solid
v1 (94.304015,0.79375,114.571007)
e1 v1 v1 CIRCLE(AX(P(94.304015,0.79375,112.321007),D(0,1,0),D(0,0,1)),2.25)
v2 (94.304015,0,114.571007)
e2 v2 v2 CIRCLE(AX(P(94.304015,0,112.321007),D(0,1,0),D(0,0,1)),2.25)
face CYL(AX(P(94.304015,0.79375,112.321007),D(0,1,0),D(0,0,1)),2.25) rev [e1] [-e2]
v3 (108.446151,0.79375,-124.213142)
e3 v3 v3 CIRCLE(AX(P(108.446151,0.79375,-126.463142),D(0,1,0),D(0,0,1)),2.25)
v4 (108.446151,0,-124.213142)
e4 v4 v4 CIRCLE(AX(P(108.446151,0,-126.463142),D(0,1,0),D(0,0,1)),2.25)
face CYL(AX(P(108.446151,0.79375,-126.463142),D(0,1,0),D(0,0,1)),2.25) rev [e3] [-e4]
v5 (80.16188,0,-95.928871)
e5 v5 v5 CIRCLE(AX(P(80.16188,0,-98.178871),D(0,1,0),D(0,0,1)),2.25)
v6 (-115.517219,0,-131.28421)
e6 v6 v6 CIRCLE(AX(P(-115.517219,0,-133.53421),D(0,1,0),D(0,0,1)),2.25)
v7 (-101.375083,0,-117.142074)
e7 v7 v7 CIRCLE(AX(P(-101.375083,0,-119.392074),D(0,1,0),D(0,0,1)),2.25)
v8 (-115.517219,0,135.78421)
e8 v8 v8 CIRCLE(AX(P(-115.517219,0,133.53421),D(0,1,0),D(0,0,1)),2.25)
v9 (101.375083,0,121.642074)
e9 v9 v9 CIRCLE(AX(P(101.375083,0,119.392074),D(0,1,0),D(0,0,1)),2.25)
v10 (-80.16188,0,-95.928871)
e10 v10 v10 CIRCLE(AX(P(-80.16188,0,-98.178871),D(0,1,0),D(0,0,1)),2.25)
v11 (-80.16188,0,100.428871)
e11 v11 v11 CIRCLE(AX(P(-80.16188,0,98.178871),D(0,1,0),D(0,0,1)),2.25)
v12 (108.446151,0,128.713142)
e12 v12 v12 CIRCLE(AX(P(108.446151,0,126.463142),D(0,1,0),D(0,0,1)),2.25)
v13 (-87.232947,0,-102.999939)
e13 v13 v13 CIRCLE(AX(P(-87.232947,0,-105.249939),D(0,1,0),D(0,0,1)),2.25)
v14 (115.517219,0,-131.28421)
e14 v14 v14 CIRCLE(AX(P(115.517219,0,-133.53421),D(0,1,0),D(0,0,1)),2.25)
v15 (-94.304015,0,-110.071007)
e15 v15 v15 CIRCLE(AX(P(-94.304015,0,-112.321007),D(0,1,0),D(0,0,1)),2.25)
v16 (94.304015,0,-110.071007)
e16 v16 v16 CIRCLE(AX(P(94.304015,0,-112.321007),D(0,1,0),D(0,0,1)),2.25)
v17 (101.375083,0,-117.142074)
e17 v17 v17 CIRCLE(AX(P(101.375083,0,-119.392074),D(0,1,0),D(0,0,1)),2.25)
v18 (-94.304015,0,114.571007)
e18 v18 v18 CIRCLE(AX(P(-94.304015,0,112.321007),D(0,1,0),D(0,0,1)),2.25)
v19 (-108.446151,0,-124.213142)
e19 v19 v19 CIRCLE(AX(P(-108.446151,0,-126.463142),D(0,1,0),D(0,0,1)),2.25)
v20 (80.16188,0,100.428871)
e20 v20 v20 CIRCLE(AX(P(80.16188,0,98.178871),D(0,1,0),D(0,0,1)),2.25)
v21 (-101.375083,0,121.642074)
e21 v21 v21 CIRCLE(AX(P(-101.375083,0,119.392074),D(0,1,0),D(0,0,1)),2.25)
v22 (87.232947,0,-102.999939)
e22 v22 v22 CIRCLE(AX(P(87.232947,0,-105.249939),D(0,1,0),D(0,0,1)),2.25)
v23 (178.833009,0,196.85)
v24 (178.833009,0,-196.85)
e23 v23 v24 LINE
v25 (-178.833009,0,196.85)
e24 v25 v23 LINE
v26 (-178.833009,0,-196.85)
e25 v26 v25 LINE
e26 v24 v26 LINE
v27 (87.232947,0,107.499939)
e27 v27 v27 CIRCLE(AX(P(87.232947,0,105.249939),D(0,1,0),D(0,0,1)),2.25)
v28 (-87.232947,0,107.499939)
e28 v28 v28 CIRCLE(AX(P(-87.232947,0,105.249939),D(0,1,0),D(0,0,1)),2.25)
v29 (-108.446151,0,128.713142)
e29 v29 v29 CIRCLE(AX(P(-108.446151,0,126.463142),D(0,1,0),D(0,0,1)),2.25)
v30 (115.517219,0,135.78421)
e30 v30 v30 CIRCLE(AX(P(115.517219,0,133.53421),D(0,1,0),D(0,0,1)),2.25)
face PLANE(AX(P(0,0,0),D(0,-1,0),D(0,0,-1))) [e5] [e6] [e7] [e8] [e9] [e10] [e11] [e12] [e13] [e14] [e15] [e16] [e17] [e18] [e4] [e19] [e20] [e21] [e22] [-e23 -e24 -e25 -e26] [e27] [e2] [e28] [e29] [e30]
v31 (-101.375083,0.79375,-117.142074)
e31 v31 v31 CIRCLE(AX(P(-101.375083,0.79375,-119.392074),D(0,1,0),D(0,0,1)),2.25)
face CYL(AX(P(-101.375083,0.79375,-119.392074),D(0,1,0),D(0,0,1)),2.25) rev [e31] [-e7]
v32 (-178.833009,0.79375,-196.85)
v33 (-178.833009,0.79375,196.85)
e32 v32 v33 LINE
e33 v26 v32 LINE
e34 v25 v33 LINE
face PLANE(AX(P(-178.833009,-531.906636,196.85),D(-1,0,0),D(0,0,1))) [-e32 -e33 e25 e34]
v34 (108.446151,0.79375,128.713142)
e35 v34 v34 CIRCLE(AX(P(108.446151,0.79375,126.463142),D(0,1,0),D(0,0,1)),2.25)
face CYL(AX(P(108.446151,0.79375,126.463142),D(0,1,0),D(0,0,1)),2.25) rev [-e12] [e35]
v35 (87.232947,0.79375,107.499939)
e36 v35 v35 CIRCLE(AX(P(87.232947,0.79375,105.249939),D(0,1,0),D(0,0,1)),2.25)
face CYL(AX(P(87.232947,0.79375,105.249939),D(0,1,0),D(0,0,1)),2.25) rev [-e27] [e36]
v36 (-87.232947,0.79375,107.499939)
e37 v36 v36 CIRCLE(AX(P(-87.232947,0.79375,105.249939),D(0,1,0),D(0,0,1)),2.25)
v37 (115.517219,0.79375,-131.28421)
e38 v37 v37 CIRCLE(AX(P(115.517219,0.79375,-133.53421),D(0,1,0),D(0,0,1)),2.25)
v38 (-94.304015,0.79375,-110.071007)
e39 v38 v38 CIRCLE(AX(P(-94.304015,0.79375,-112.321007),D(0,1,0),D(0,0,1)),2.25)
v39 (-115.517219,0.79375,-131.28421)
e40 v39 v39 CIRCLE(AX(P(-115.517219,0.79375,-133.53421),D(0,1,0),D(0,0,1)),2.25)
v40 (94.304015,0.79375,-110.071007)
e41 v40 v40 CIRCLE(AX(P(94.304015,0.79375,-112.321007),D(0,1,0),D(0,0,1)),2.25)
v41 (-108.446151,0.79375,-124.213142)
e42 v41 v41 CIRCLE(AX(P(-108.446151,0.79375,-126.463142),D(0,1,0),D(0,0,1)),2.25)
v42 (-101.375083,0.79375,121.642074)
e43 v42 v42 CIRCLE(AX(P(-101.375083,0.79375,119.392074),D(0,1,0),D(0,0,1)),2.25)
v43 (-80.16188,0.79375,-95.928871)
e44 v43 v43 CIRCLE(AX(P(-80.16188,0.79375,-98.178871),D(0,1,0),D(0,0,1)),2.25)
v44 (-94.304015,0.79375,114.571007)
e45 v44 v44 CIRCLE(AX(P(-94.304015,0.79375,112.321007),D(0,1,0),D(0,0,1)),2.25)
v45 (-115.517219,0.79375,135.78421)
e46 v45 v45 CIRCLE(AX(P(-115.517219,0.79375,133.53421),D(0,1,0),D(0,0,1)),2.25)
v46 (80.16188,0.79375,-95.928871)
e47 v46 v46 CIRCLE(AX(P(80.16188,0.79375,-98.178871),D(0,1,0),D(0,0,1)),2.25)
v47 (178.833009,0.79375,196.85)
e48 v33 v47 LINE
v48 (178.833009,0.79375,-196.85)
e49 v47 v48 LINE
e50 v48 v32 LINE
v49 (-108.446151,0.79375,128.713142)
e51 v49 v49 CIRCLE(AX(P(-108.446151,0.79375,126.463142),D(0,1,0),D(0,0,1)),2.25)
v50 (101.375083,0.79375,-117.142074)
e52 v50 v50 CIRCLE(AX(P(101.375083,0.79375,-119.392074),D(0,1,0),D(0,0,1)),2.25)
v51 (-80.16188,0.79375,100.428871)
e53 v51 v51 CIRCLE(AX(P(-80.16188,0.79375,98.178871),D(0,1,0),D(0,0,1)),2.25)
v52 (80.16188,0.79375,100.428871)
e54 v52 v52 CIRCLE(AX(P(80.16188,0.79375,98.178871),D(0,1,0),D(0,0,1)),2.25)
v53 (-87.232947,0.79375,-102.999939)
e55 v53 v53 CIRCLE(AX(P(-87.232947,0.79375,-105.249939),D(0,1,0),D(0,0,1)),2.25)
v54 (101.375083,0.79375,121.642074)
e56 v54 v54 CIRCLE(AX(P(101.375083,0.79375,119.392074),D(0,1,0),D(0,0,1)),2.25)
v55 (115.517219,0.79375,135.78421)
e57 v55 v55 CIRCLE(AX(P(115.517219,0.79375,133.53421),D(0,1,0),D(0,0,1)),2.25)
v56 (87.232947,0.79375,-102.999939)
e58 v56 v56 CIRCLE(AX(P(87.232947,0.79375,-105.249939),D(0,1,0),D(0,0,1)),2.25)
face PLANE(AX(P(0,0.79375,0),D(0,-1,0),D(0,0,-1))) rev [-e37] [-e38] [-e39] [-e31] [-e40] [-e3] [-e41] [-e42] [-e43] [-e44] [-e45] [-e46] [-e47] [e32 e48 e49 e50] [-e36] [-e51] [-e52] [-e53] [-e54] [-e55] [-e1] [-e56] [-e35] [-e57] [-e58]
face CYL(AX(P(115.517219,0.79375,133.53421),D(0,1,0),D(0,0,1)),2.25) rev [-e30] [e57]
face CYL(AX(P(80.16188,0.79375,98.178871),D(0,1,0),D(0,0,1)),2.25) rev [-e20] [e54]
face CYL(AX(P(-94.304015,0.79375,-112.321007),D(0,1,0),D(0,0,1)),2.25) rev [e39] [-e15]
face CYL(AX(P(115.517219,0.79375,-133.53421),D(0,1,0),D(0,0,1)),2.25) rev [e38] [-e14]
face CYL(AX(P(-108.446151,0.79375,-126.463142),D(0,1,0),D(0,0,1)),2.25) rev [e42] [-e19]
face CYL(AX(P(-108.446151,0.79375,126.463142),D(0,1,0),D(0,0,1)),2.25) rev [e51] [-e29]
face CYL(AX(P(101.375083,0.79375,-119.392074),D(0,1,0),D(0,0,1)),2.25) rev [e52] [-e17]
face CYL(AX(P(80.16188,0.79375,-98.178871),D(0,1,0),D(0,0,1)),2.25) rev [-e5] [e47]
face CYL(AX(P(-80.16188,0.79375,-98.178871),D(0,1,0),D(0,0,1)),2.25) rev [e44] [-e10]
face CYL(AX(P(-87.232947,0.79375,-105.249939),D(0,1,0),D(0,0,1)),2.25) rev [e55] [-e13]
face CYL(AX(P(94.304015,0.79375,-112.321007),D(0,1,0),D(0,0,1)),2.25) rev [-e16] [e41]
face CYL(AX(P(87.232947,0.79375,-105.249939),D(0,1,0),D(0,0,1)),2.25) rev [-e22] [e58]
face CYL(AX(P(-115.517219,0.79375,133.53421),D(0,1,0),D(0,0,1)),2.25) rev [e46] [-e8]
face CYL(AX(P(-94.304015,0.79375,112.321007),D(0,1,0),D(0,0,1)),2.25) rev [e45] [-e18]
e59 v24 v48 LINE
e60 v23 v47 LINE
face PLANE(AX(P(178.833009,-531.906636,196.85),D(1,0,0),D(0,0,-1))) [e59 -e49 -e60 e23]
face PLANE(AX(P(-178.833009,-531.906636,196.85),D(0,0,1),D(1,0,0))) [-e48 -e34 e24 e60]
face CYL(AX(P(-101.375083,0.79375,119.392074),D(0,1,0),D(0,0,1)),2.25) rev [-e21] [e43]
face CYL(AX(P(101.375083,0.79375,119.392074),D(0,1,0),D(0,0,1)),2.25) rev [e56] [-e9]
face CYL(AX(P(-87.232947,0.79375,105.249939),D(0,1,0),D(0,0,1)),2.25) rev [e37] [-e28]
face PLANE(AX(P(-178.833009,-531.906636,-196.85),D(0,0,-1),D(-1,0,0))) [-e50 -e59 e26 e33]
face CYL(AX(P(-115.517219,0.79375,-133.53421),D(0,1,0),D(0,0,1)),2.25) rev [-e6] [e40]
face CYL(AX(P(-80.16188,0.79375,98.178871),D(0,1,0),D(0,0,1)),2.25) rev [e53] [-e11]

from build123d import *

# Parameters (mm, degrees)
SHEET_DEPTH              = 0.79375
FILLET1_R                = 50
M4_CLEARANCE_HOLE1_D     = 4.5
LPATTERN1_COUNT          = 6
LPATTERN1_PITCH          = 10
MIRROR1_COPY_1_D         = 4.5
MIRROR1_COPY_2_D         = 4.5
MIRROR1_COPY_3_D         = 4.5
MIRROR1_COPY_4_D         = 4.5
MIRROR1_COPY_5_D         = 4.5
MIRROR2_COPY_1_D         = 4.5
MIRROR2_COPY_2_D         = 4.5
MIRROR2_COPY_3_D         = 4.5
MIRROR2_COPY_4_D         = 4.5
MIRROR2_COPY_5_D         = 4.5
MIRROR2_COPY_6_D         = 4.5
MIRROR2_COPY_7_D         = 4.5
MIRROR2_COPY_8_D         = 4.5
MIRROR2_COPY_9_D         = 4.5
MIRROR2_COPY_10_D        = 4.5
MIRROR2_COPY_11_D        = 4.5
FULLSHEETSIDEFLAPS_DEPTH = 0.79375
CLOSECANNULUSSIDE_DEPTH  = 0.79375
SKETCH10_W               = 357.666017178
SKETCH10_H               = 393.7
EXCESSALLSIDES_DEPTH     = 0.79375


with BuildPart() as part:
    # Sketch3 → Sheet (new body)
    with BuildSketch(Plane(origin=(0, 0, 0), x_dir=(1, 0, 0), z_dir=(0, 1, 0))):
        Polygon((-57.039487758, 93.016991411), (57.039487758, 93.016991411), (110.072496347, 146.05), (128.033008589, 128.089487758), (75, 75.056479169), (75, 0), (75, -75.056479169), (128.033008589, -128.089487758), (110.072496347, -146.05), (57.039487758, -93.016991411), (-57.039487758, -93.016991411), (-110.072496347, -146.05), (-128.033008589, -128.089487758), (-75, -75.056479169), (-75, 75.056479169), (-128.033008589, 128.089487758), (-110.072496347, 146.05), align=None)
    extrude(amount=SHEET_DEPTH)

    # Fillet1
    fillet1_edges = [part.edges().sort_by_distance(p)[0] for p in [
        (75, 0.396875, -75.056479169),
        (75, 0.396875, 75.056479169),
        (57.039487758, 0.396875, 93.016991411),
        (-57.039487758, 0.396875, 93.016991411),
        (-75, 0.396875, 75.056479169),
        (-75, 0.396875, -75.056479169),
        (-57.039487758, 0.396875, -93.016991411),
        (57.039487758, 0.396875, -93.016991411),
    ]]
    fillet(fillet1_edges, radius=FILLET1_R)

    # M4 Clearance Hole1 (through all)
    with Locations(Plane(origin=(0, 0.79375, 0), x_dir=(1, 0, 0), z_dir=(0, 1, 0))):
        with Locations((115.517218562, 133.534209973)):
            m4_clearance_hole1 = Hole(M4_CLEARANCE_HOLE1_D / 2)

    # LPattern1: M4 Clearance Hole1 ×6
    with Locations(*[Vector(-0.7071067811865469, 0, 0.7071067811865482) * (i * LPATTERN1_PITCH) for i in range(1, LPATTERN1_COUNT)]):
        add(m4_clearance_hole1, mode=Mode.SUBTRACT)

    # Mirror1: M4 Clearance Hole1 across plane
    add(m4_clearance_hole1.mirror(Plane.XY), mode=Mode.SUBTRACT)

    # Mirror1 copy 1 (through all)
    with Locations(Plane(origin=(-7.071067812, 0.79375, -7.071067812), x_dir=(1, 0, 0), z_dir=(0, 1, 0))):
        with Locations((115.517218562, -133.534209973)):
            Hole(MIRROR1_COPY_1_D / 2)

    # Mirror1 copy 2 (through all)
    with Locations(Plane(origin=(-14.142135624, 0.79375, -14.142135624), x_dir=(1, 0, 0), z_dir=(0, 1, 0))):
        with Locations((115.517218562, -133.534209973)):
            Hole(MIRROR1_COPY_2_D / 2)

    # Mirror1 copy 3 (through all)
    with Locations(Plane(origin=(-21.213203436, 0.79375, -21.213203436), x_dir=(1, 0, 0), z_dir=(0, 1, 0))):
        with Locations((115.517218562, -133.534209973)):
            Hole(MIRROR1_COPY_3_D / 2)

    # Mirror1 copy 4 (through all)
    with Locations(Plane(origin=(-28.284271247, 0.79375, -28.284271247), x_dir=(1, 0, 0), z_dir=(0, 1, 0))):
        with Locations((115.517218562, -133.534209973)):
            Hole(MIRROR1_COPY_4_D / 2)

    # Mirror1 copy 5 (through all)
    with Locations(Plane(origin=(-35.355339059, 0.79375, -35.355339059), x_dir=(1, 0, 0), z_dir=(0, 1, 0))):
        with Locations((115.517218562, -133.534209973)):
            Hole(MIRROR1_COPY_5_D / 2)

    # Mirror2: M4 Clearance Hole1 across plane
    add(m4_clearance_hole1.mirror(Plane(origin=(0, 0, 0), x_dir=(0, 0, 1), z_dir=(1, 0, 0))), mode=Mode.SUBTRACT)

    # Mirror2 copy 1 (through all)
    with Locations(Plane(origin=(7.071067812, 0.79375, 7.071067812), x_dir=(-1, 0, 0), z_dir=(0, 1, 0))):
        with Locations((115.517218562, -133.534209973)):
            Hole(MIRROR2_COPY_1_D / 2)

    # Mirror2 copy 2 (through all)
    with Locations(Plane(origin=(14.142135624, 0.79375, 14.142135624), x_dir=(-1, 0, 0), z_dir=(0, 1, 0))):
        with Locations((115.517218562, -133.534209973)):
            Hole(MIRROR2_COPY_2_D / 2)

    # Mirror2 copy 3 (through all)
    with Locations(Plane(origin=(21.213203436, 0.79375, 21.213203436), x_dir=(-1, 0, 0), z_dir=(0, 1, 0))):
        with Locations((115.517218562, -133.534209973)):
            Hole(MIRROR2_COPY_3_D / 2)

    # Mirror2 copy 4 (through all)
    with Locations(Plane(origin=(28.284271247, 0.79375, 28.284271247), x_dir=(-1, 0, 0), z_dir=(0, 1, 0))):
        with Locations((115.517218562, -133.534209973)):
            Hole(MIRROR2_COPY_4_D / 2)

    # Mirror2 copy 5 (through all)
    with Locations(Plane(origin=(35.355339059, 0.79375, 35.355339059), x_dir=(-1, 0, 0), z_dir=(0, 1, 0))):
        with Locations((115.517218562, -133.534209973)):
            Hole(MIRROR2_COPY_5_D / 2)

    # Mirror2 copy 6 (through all)
    with Locations(Plane(origin=(0, 0.79375, 0), x_dir=(-1, 0, 0), z_dir=(0, 1, 0))):
        with Locations((115.517218562, 133.534209973)):
            Hole(MIRROR2_COPY_6_D / 2)

    # Mirror2 copy 7 (through all)
    with Locations(Plane(origin=(7.071067812, 0.79375, -7.071067812), x_dir=(-1, 0, 0), z_dir=(0, 1, 0))):
        with Locations((115.517218562, 133.534209973)):
            Hole(MIRROR2_COPY_7_D / 2)

    # Mirror2 copy 8 (through all)
    with Locations(Plane(origin=(14.142135624, 0.79375, -14.142135624), x_dir=(-1, 0, 0), z_dir=(0, 1, 0))):
        with Locations((115.517218562, 133.534209973)):
            Hole(MIRROR2_COPY_8_D / 2)

    # Mirror2 copy 9 (through all)
    with Locations(Plane(origin=(21.213203436, 0.79375, -21.213203436), x_dir=(-1, 0, 0), z_dir=(0, 1, 0))):
        with Locations((115.517218562, 133.534209973)):
            Hole(MIRROR2_COPY_9_D / 2)

    # Mirror2 copy 10 (through all)
    with Locations(Plane(origin=(28.284271247, 0.79375, -28.284271247), x_dir=(-1, 0, 0), z_dir=(0, 1, 0))):
        with Locations((115.517218562, 133.534209973)):
            Hole(MIRROR2_COPY_10_D / 2)

    # Mirror2 copy 11 (through all)
    with Locations(Plane(origin=(35.355339059, 0.79375, -35.355339059), x_dir=(-1, 0, 0), z_dir=(0, 1, 0))):
        with Locations((115.517218562, 133.534209973)):
            Hole(MIRROR2_COPY_11_D / 2)

    # Sketch6 → FullSheetSideFlaps (add)
    with BuildSketch(Plane(origin=(0, 0.79375, 0), x_dir=(1, 0, 0), z_dir=(0, 1, 0))):
        with BuildLine():
            Line((-128.033008589, 128.089487758), (-128.033008589, -128.089487758))
            Line((-128.033008589, -128.089487758), (-89.644660941, -89.70114011))
            ThreePointArc((-89.644660941, -89.70114011), (-78.806023374, -73.479972668), (-75, -54.34580105))
            Line((-75, -54.34580105), (-75, 54.34580105))
            ThreePointArc((-75, 54.34580105), (-78.806023374, 73.479972668), (-89.644660941, 89.70114011))
            Line((-89.644660941, 89.70114011), (-128.033008589, 128.089487758))
        make_face()
        with BuildLine():
            Line((-110.072496347, -146.05), (110.072496347, -146.05))
            Line((110.072496347, -146.05), (71.684148699, -107.661652352))
            ThreePointArc((71.684148699, -107.661652352), (55.462981257, -96.823014785), (36.328809639, -93.016991411))
            Line((36.328809639, -93.016991411), (-36.328809639, -93.016991411))
            ThreePointArc((-36.328809639, -93.016991411), (-55.462981257, -96.823014785), (-71.684148699, -107.661652352))
            Line((-71.684148699, -107.661652352), (-110.072496347, -146.05))
        make_face()
        with BuildLine():
            Line((128.033008589, 128.089487758), (128.033008589, -128.089487758))
            Line((128.033008589, -128.089487758), (89.644660941, -89.70114011))
            ThreePointArc((89.644660941, -89.70114011), (78.806023374, -73.479972668), (75, -54.34580105))
            Line((75, -54.34580105), (75, 54.34580105))
            ThreePointArc((75, 54.34580105), (78.806023374, 73.479972668), (89.644660941, 89.70114011))
            Line((89.644660941, 89.70114011), (128.033008589, 128.089487758))
        make_face()
    extrude(amount=-FULLSHEETSIDEFLAPS_DEPTH)

    # Sketch9 → CloseCannulusSide (add)
    with BuildSketch(Plane(origin=(0, 0.79375, 0), x_dir=(1, 0, 0), z_dir=(0, 1, 0))):
        with BuildLine():
            Line((110.072496347, 146.05), (71.684148699, 107.661652352))
            ThreePointArc((71.684148699, 107.661652352), (55.462981257, 96.823014785), (36.328809639, 93.016991411))
            Line((36.328809639, 93.016991411), (-36.328809639, 93.016991411))
            ThreePointArc((-36.328809639, 93.016991411), (-55.462981257, 96.823014785), (-71.684148699, 107.661652352))
            Line((-71.684148699, 107.661652352), (-110.072496347, 146.05))
            Line((-110.072496347, 146.05), (110.072496347, 146.05))
        make_face()
    extrude(amount=-CLOSECANNULUSSIDE_DEPTH)

    # Sketch10 → ExcessAllSides (add)
    with BuildSketch(Plane(origin=(0, 0.79375, 0), x_dir=(1, 0, 0), z_dir=(0, 1, 0))):
        Rectangle(SKETCH10_W, SKETCH10_H)
        Polygon((128.033008589, 128.089487758), (110.072496347, 146.05), (-110.072496347, 146.05), (-128.033008589, 128.089487758), (-128.033008589, -128.089487758), (-110.072496347, -146.05), (110.072496347, -146.05), (128.033008589, -128.089487758), align=None, mode=Mode.SUBTRACT)
    extrude(amount=-EXCESSALLSIDES_DEPTH)


solid = part.part
